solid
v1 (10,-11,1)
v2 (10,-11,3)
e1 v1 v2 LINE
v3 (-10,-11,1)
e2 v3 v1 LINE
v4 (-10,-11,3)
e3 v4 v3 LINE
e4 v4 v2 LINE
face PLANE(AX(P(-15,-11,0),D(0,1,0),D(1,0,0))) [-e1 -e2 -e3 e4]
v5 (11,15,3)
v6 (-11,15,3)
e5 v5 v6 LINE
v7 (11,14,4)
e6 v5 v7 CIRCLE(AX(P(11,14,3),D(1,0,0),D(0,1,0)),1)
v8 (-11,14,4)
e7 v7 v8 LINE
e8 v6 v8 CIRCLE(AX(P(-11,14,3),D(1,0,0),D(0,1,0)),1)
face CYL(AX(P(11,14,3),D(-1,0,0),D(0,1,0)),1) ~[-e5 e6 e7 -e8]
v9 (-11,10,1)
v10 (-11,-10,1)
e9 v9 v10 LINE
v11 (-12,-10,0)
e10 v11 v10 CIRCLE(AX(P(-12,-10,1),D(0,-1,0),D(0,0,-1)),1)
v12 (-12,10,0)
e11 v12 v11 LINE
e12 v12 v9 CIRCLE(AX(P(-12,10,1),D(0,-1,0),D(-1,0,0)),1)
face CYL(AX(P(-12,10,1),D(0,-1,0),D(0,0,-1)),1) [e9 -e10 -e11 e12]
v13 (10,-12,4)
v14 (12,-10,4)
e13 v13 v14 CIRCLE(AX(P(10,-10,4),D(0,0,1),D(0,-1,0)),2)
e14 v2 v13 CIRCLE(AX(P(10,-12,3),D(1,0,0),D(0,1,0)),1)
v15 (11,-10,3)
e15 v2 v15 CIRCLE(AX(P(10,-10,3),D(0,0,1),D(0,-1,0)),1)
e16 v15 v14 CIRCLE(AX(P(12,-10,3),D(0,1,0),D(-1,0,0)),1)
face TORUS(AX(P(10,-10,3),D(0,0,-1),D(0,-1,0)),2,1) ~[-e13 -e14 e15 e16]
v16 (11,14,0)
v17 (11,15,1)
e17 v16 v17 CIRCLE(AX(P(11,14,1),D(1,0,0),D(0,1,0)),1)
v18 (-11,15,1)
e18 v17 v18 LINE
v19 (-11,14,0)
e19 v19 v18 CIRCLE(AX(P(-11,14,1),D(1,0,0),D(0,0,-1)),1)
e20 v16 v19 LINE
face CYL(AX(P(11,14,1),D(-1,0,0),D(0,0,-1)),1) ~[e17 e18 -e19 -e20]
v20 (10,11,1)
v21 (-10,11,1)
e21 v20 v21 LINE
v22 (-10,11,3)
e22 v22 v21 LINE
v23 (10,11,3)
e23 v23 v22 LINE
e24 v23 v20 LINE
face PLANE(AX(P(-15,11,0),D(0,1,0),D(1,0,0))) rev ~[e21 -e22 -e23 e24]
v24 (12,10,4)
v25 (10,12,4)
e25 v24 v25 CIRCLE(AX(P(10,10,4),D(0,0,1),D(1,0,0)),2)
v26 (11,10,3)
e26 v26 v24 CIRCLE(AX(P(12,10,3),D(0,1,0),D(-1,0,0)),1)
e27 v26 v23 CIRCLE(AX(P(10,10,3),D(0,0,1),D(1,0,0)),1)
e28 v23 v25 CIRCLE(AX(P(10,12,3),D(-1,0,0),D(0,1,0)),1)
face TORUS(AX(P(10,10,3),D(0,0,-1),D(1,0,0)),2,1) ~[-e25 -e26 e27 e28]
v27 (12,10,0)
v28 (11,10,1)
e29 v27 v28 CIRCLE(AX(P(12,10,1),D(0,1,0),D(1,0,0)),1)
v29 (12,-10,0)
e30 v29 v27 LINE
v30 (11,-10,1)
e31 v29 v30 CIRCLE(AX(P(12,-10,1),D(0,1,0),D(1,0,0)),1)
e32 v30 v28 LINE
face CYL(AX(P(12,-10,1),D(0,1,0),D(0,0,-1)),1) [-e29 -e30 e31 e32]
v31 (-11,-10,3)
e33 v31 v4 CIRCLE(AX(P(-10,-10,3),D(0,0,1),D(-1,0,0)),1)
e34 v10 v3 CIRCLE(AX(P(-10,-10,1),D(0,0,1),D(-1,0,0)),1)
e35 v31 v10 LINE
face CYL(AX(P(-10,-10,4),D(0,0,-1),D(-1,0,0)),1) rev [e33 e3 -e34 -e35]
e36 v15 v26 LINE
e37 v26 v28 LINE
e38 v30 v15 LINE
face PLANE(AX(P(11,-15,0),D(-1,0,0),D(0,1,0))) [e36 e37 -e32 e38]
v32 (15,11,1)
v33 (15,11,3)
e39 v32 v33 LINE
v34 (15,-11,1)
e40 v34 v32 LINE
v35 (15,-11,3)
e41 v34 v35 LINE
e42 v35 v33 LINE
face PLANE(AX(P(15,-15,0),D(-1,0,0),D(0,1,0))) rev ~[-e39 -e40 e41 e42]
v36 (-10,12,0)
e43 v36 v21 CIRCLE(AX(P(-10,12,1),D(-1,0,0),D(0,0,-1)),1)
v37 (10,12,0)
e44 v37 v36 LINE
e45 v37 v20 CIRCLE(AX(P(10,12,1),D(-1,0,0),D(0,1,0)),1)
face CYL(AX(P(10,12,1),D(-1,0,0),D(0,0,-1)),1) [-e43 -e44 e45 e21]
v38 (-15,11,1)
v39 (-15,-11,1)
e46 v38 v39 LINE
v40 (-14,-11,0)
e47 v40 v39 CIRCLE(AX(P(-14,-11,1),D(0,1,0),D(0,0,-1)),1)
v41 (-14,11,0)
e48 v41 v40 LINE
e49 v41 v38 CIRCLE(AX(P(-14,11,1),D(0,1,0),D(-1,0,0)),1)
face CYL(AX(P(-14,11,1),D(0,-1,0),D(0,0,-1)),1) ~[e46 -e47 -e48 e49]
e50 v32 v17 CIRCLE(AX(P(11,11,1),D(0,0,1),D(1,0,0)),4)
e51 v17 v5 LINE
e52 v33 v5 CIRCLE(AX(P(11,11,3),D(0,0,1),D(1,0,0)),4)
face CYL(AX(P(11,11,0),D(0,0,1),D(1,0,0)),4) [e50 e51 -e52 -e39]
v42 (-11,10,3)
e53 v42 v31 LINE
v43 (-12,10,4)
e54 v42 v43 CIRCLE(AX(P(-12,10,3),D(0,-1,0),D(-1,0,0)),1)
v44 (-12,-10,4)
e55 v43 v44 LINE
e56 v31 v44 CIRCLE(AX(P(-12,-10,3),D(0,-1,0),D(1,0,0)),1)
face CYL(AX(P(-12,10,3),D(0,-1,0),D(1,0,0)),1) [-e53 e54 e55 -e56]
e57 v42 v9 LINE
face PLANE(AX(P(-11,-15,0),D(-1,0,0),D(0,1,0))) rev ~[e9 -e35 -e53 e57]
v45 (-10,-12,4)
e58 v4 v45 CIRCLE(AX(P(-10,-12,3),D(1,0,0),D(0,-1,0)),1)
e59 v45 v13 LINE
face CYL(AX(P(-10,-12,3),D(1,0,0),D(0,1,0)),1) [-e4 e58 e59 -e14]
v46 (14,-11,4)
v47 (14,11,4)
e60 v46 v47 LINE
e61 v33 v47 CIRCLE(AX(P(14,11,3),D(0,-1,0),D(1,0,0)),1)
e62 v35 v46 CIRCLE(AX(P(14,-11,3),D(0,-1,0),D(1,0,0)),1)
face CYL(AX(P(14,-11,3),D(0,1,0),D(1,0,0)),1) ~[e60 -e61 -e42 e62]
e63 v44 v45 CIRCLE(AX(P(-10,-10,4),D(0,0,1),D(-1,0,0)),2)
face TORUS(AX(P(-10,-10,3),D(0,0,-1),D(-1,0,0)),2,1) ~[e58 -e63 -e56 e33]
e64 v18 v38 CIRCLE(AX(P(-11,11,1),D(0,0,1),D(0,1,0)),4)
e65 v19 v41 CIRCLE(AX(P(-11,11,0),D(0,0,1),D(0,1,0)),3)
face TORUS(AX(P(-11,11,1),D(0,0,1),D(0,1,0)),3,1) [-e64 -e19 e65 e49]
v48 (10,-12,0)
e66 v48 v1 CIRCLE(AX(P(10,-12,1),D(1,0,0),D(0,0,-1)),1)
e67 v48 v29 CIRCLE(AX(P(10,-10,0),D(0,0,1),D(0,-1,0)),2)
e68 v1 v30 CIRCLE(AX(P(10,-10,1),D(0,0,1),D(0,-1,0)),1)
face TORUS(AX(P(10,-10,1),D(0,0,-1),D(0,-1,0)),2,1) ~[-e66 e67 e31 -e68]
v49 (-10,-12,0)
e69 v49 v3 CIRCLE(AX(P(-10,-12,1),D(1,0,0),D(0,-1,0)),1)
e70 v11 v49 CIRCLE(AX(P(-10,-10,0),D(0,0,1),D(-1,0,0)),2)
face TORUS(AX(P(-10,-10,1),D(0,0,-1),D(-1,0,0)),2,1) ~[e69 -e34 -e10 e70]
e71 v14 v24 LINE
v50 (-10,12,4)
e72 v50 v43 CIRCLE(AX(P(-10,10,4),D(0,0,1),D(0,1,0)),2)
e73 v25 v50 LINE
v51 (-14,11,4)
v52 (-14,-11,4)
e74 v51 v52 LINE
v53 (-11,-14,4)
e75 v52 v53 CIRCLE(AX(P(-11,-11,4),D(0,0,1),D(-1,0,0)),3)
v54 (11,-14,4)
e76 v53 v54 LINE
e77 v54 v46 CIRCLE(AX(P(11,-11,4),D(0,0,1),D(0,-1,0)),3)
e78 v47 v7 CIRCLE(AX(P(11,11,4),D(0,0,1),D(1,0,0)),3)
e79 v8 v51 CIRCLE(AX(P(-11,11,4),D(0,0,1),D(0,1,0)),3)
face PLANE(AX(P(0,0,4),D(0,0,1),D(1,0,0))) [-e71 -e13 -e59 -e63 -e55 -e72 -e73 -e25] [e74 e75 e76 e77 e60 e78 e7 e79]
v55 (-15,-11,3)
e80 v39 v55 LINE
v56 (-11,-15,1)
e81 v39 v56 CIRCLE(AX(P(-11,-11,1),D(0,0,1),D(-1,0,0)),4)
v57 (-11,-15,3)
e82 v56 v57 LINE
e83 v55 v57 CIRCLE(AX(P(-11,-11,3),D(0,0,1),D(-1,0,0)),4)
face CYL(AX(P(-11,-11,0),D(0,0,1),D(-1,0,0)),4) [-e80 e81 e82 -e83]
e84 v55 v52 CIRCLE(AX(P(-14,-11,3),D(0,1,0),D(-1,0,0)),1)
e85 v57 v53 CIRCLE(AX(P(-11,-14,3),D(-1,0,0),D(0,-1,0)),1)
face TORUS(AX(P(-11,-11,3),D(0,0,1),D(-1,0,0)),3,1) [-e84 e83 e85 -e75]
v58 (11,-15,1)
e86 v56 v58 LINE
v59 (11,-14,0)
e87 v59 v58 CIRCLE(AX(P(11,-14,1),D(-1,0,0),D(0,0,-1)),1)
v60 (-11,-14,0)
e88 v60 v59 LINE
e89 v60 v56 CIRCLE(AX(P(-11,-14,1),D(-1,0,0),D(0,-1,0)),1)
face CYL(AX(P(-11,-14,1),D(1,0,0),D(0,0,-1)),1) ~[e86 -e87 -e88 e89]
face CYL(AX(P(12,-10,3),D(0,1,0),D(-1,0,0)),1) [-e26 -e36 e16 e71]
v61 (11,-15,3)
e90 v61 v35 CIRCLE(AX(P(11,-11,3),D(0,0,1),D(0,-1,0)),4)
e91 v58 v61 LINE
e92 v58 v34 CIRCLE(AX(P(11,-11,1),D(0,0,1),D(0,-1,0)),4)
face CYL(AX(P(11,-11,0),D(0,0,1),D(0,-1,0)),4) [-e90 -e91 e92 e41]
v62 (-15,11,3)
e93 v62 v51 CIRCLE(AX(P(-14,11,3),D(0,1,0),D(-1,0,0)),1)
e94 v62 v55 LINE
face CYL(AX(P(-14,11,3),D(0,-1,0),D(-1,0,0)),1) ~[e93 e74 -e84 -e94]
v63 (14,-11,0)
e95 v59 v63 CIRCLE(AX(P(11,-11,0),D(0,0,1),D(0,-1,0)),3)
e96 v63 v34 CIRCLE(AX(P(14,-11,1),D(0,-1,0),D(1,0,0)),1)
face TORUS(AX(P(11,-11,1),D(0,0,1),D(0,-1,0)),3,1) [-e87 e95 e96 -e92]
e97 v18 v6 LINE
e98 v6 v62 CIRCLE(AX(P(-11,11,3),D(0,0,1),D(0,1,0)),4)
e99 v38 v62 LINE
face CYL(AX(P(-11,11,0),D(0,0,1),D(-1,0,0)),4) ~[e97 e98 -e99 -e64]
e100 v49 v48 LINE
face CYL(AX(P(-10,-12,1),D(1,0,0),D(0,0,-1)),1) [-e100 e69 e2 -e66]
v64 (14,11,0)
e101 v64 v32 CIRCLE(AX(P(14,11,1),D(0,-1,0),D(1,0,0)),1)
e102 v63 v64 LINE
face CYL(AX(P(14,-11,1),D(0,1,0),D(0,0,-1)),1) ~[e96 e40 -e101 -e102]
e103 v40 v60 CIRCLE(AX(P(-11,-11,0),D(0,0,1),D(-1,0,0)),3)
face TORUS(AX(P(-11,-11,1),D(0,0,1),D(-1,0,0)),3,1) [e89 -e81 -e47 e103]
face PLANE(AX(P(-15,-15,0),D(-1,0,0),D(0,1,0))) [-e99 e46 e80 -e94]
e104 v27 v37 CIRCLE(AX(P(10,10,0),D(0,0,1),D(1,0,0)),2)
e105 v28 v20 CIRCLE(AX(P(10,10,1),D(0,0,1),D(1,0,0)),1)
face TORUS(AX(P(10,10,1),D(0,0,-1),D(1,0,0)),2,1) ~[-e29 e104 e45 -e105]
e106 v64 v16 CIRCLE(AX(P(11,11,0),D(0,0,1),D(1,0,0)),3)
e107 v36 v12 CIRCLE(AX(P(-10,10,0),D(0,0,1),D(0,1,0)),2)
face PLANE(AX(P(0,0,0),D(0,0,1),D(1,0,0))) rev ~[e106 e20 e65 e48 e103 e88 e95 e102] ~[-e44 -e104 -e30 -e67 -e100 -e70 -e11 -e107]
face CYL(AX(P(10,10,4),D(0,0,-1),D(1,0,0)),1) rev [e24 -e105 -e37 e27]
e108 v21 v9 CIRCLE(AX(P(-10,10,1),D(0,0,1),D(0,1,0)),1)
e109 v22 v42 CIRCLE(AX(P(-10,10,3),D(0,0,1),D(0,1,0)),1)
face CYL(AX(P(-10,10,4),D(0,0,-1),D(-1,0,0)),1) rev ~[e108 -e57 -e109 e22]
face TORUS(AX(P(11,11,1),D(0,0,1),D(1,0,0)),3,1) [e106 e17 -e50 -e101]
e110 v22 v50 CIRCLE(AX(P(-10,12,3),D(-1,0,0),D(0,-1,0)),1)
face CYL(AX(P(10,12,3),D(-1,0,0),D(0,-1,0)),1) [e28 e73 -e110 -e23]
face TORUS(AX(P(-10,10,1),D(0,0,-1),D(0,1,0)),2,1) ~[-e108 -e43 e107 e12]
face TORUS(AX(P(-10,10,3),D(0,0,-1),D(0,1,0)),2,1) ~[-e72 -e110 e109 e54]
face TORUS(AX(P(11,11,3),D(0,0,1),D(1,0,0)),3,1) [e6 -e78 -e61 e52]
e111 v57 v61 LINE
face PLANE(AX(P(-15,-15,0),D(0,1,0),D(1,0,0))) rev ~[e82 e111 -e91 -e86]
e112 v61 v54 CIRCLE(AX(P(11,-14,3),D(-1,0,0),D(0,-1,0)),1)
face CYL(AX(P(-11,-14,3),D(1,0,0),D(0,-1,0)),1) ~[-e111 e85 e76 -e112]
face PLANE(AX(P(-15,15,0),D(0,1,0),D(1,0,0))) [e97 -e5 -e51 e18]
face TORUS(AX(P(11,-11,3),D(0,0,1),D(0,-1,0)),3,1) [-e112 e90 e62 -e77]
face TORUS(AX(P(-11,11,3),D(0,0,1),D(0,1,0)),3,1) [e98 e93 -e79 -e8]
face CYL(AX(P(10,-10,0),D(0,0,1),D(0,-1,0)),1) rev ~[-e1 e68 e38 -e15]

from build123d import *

# Parameters (mm, degrees)
F0_W     = 30
F0_H     = 30
F1_DEPTH = 4
F2_T     = -4
F3_R     = 1
F4_R     = 4
F5_R     = 1


with BuildPart() as f1:
    # F0 (on Top) → F1 (new body)
    with BuildSketch(Plane.XY):
        Rectangle(F0_W, F0_H)
    extrude(amount=F1_DEPTH)

    # F2
    f2_openings = [f1.faces().sort_by_distance(p)[0] for p in [
        (0, 0, 4),
        (0, 0, 0),
    ]]
    offset(amount=F2_T, openings=f2_openings)

    # F3
    f3_edges = [f1.edges().sort_by_distance(p)[0] for p in [
        (-11, 11, 2),
        (11, 11, 2),
        (-11, -11, 2),
        (11, -11, 2),
    ]]
    fillet(f3_edges, radius=F3_R)

    # F4
    f4_edges = [f1.edges().sort_by_distance(p)[0] for p in [
        (-15, 15, 2),
        (15, 15, 2),
        (-15, -15, 2),
        (15, -15, 2),
    ]]
    fillet(f4_edges, radius=F4_R)

    # F5
    f5_edges = [f1.edges().sort_by_distance(p)[0] for p in [
        (11, 0, 4),
        (15, 0, 4),
        (13.828427, 13.828427, 0),
        (10.707107, 10.707107, 0),
    ]]
    fillet(f5_edges, radius=F5_R)


solid = f1.part
